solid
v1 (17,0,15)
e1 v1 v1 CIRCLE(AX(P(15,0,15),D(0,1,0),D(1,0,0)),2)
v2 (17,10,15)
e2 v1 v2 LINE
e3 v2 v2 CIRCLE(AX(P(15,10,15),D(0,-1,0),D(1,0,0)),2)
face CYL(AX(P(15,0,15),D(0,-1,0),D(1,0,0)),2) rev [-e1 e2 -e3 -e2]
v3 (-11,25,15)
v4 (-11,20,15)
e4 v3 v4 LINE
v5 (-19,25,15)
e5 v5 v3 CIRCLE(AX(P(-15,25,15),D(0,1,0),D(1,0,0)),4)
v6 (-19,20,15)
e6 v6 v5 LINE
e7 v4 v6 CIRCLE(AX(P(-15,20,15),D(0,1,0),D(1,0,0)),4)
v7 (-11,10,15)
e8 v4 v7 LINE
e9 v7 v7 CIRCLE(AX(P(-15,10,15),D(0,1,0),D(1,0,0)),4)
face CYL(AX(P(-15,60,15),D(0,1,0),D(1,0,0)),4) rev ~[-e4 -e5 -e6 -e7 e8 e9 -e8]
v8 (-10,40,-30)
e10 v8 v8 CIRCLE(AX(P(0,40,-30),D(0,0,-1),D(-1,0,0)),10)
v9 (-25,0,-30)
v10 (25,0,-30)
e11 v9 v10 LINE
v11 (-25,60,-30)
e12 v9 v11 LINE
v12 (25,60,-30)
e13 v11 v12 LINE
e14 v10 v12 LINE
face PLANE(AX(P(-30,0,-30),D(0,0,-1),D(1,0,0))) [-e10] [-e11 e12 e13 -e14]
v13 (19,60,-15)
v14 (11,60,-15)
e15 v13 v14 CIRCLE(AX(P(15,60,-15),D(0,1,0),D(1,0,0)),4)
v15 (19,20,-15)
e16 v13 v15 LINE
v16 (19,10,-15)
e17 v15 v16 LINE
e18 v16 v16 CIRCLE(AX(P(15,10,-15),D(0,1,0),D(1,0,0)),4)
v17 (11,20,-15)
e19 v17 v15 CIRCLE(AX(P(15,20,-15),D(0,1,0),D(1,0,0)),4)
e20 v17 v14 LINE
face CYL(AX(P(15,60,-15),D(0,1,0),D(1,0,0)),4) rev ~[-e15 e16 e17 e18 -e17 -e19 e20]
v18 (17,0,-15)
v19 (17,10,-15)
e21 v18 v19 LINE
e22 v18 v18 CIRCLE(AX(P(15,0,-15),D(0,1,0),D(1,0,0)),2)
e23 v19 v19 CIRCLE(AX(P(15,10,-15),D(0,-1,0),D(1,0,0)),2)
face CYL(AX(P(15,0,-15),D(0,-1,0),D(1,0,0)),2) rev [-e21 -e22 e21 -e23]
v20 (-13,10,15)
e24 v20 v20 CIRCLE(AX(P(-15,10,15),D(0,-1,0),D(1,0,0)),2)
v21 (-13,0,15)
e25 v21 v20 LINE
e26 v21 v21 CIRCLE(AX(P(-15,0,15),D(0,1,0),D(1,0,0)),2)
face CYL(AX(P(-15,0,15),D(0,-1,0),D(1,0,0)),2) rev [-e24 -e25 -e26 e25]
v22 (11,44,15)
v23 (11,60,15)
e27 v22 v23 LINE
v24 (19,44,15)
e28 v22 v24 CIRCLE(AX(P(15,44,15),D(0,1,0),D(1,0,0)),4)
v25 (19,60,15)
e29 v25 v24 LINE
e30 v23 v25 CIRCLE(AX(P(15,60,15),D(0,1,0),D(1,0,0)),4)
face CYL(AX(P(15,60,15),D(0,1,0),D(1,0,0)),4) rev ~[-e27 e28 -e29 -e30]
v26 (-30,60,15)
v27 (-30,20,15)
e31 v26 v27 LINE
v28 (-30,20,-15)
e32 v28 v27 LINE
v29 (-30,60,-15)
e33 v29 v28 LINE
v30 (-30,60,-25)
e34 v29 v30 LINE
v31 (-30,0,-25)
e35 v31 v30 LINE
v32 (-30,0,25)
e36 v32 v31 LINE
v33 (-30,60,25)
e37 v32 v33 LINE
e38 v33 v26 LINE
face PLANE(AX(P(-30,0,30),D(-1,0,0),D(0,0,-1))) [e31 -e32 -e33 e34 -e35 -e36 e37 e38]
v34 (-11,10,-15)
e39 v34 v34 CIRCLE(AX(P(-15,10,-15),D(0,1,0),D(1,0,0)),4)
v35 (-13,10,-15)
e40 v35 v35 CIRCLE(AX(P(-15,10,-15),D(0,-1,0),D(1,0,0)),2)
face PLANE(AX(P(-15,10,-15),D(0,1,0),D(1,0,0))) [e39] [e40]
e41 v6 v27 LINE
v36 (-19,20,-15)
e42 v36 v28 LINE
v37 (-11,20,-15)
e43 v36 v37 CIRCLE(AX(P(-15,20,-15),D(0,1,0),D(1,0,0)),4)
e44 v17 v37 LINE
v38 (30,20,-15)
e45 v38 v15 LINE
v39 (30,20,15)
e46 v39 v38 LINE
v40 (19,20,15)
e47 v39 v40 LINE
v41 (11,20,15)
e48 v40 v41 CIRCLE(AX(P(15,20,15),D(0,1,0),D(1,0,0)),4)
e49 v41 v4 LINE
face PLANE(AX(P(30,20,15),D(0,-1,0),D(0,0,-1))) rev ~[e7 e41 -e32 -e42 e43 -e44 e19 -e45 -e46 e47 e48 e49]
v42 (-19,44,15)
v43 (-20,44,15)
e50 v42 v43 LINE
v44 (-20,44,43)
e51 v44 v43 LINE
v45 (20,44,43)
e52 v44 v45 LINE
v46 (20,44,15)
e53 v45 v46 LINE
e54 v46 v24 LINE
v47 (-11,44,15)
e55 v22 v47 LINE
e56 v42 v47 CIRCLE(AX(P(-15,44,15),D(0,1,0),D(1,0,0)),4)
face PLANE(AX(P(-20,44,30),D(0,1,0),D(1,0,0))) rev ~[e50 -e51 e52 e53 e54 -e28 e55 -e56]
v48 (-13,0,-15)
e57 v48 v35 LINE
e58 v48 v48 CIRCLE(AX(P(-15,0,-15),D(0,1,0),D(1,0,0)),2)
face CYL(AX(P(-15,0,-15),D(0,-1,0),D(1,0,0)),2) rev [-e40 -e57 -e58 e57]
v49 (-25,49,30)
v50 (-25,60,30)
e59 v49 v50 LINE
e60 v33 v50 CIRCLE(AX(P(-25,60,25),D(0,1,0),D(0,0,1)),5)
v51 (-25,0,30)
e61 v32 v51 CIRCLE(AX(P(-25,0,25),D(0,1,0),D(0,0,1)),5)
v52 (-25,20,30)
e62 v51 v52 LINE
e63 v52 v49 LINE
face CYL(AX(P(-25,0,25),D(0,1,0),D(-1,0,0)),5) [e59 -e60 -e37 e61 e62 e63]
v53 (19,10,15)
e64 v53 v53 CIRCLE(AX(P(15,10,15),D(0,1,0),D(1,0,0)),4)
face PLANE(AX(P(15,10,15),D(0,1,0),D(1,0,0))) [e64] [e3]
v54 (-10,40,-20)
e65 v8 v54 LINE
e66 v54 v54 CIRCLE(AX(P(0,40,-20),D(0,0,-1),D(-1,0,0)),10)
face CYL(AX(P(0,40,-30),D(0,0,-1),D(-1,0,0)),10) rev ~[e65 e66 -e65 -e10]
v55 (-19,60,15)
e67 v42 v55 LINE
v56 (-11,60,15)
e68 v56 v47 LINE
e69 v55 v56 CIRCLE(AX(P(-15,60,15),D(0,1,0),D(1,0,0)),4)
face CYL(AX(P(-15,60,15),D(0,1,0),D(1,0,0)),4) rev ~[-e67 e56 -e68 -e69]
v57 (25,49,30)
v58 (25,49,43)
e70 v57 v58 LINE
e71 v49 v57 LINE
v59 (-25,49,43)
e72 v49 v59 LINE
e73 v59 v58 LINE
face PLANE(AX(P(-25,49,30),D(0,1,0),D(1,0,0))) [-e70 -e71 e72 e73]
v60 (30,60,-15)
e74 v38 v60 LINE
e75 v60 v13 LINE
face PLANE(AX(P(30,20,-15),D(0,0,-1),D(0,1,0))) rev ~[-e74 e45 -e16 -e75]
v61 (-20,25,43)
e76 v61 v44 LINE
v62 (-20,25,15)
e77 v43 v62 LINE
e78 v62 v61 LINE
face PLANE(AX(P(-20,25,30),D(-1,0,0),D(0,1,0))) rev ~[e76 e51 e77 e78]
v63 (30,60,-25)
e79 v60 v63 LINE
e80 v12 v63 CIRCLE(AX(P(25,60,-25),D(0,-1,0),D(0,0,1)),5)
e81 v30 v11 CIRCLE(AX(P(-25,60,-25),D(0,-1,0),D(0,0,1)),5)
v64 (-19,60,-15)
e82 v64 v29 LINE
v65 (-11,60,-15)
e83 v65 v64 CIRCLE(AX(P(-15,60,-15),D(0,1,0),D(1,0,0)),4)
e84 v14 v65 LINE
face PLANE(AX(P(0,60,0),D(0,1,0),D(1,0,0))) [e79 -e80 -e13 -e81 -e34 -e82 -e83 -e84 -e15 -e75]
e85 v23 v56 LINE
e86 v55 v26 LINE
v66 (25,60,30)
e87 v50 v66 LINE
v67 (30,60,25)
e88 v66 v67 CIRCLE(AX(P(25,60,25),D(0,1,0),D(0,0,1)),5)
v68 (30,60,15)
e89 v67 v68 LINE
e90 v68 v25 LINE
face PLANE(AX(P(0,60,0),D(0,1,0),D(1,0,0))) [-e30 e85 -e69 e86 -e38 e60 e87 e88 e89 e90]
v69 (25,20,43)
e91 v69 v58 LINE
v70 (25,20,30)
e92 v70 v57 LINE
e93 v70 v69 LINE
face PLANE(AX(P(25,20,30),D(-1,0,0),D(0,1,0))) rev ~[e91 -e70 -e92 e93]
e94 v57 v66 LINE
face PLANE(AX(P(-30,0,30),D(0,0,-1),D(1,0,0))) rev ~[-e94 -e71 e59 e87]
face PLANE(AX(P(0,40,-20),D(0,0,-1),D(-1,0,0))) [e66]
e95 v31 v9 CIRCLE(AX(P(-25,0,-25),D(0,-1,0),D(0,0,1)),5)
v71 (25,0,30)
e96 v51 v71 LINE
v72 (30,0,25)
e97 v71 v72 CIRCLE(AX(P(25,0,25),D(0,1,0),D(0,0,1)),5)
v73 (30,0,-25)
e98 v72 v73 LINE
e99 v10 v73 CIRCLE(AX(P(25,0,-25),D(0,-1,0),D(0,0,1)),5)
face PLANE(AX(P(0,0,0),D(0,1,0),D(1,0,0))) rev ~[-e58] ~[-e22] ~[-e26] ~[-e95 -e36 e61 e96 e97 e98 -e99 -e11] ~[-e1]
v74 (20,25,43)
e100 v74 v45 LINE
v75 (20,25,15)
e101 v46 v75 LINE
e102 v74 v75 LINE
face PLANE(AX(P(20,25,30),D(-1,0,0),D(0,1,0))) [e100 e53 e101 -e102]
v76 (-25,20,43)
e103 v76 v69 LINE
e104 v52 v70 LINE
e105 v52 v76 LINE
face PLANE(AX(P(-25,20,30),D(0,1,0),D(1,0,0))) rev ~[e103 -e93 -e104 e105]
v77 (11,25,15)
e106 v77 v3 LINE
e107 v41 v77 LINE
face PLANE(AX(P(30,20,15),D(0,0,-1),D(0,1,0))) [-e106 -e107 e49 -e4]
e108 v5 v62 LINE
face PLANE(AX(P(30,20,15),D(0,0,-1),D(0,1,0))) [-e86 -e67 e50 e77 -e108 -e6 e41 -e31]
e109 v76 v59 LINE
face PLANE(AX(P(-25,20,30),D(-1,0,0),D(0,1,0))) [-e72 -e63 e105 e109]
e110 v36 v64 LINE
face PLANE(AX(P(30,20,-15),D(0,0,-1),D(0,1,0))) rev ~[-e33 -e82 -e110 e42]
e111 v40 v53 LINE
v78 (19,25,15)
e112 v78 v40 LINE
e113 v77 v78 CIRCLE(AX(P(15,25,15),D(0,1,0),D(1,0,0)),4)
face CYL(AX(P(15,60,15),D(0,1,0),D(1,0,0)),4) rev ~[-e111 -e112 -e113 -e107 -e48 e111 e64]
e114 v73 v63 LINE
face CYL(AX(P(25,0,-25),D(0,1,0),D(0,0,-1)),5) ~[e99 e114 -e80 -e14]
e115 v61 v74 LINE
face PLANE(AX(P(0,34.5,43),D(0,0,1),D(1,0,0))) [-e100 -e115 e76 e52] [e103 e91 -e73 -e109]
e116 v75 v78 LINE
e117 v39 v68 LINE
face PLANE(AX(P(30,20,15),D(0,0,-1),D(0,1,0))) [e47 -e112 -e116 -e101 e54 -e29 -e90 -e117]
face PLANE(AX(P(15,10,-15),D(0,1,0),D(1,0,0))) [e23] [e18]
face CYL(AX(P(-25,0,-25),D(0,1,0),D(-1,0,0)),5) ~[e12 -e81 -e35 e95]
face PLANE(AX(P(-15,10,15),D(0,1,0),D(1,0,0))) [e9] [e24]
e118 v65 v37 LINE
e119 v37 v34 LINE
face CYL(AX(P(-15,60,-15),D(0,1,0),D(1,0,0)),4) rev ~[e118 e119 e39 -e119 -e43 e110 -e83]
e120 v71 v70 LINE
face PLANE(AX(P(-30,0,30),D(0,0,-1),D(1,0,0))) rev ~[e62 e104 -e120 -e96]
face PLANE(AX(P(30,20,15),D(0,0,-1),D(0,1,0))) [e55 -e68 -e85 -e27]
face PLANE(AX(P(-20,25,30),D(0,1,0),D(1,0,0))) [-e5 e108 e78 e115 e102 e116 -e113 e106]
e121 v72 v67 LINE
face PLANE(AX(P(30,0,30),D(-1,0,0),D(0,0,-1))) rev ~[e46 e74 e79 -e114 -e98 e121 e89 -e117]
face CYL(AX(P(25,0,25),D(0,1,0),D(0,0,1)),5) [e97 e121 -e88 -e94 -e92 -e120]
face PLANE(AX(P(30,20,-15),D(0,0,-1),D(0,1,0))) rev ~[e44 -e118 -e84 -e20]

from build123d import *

# Parameters (mm, degrees)
SKETCH1_W           = 60
SKETCH1_H           = 60
SKETCH1_R           = 2
BOSS_EXTRUDE1_DEPTH = 60
SKETCH2_R           = 4
CUT_EXTRUDE1_DEPTH  = 50
FILLET1_R           = 5
SKETCH3_W           = 30
SKETCH3_H           = 40
CUT_EXTRUDE2_DEPTH  = 61
SKETCH4_W           = 40
SKETCH4_H           = 19
CUT_EXTRUDE3_DEPTH  = 30
SKETCH5_W           = 50
SKETCH5_H           = 29
SKETCH5_W_2         = 40
SKETCH5_H_2         = 19
BOSS_EXTRUDE3_DEPTH = 13
SKETCH6_R           = 10
CUT_EXTRUDE4_DEPTH  = 10


with BuildPart() as part:
    # Sketch1 → Boss-Extrude1 (new body)
    with BuildSketch(Plane(origin=(0, 0, 0), x_dir=(1, 0, 0), z_dir=(0, 1, 0))):
        Rectangle(SKETCH1_W, SKETCH1_H)
        with Locations((-15, 15)):
            Circle(SKETCH1_R, mode=Mode.SUBTRACT)
        with Locations((15, 15)):
            Circle(SKETCH1_R, mode=Mode.SUBTRACT)
        with Locations((15, -15)):
            Circle(SKETCH1_R, mode=Mode.SUBTRACT)
        with Locations((-15, -15)):
            Circle(SKETCH1_R, mode=Mode.SUBTRACT)
    extrude(amount=BOSS_EXTRUDE1_DEPTH)

    # Sketch2 → Cut-Extrude1 (cut)
    with BuildSketch(Plane(origin=(0, 60, 0), x_dir=(1, 0, 0), z_dir=(0, 1, 0))):
        with Locations((-15, 15)):
            Circle(SKETCH2_R)
        with Locations((15, 15)):
            Circle(SKETCH2_R)
        with Locations((15, -15)):
            Circle(SKETCH2_R)
        with Locations((-15, -15)):
            Circle(SKETCH2_R)
    extrude(amount=-CUT_EXTRUDE1_DEPTH, mode=Mode.SUBTRACT)

    # Fillet1
    fillet1_edges = [part.edges().sort_by_distance(p)[0] for p in [
        (30, 30, 30),
        (-30, 30, 30),
        (-30, 30, -30),
        (30, 30, -30),
    ]]
    fillet(fillet1_edges, radius=FILLET1_R)

    # Sketch3 → Cut-Extrude2 (cut, through all)
    with BuildSketch(Plane(origin=(30, 0, 0), x_dir=(0, 0, -1), z_dir=(1, 0, 0))):
        with Locations((0, 40)):
            Rectangle(SKETCH3_W, SKETCH3_H)
    extrude(amount=-CUT_EXTRUDE2_DEPTH, mode=Mode.SUBTRACT)

    # Sketch4 → Cut-Extrude3 (cut)
    with BuildSketch(Plane.XY.offset(30)):
        with Locations((0, 34.5)):
            Rectangle(SKETCH4_W, SKETCH4_H)
    extrude(amount=-CUT_EXTRUDE3_DEPTH, mode=Mode.SUBTRACT)

    # Sketch5 → Boss-Extrude3 (add)
    with BuildSketch(Plane.XY.offset(30)):
        with Locations((0, 34.5)):
            Rectangle(SKETCH5_W, SKETCH5_H)
        with Locations((0, 34.5)):
            Rectangle(SKETCH5_W_2, SKETCH5_H_2, mode=Mode.SUBTRACT)
    extrude(amount=BOSS_EXTRUDE3_DEPTH)

    # Sketch6 → Cut-Extrude4 (cut)
    with BuildSketch(Plane(origin=(0, 0, -30), x_dir=(-1, 0, 0), z_dir=(0, 0, -1))):
        with Locations((0, 40)):
            Circle(SKETCH6_R)
    extrude(amount=-CUT_EXTRUDE4_DEPTH, mode=Mode.SUBTRACT)


solid = part.part
